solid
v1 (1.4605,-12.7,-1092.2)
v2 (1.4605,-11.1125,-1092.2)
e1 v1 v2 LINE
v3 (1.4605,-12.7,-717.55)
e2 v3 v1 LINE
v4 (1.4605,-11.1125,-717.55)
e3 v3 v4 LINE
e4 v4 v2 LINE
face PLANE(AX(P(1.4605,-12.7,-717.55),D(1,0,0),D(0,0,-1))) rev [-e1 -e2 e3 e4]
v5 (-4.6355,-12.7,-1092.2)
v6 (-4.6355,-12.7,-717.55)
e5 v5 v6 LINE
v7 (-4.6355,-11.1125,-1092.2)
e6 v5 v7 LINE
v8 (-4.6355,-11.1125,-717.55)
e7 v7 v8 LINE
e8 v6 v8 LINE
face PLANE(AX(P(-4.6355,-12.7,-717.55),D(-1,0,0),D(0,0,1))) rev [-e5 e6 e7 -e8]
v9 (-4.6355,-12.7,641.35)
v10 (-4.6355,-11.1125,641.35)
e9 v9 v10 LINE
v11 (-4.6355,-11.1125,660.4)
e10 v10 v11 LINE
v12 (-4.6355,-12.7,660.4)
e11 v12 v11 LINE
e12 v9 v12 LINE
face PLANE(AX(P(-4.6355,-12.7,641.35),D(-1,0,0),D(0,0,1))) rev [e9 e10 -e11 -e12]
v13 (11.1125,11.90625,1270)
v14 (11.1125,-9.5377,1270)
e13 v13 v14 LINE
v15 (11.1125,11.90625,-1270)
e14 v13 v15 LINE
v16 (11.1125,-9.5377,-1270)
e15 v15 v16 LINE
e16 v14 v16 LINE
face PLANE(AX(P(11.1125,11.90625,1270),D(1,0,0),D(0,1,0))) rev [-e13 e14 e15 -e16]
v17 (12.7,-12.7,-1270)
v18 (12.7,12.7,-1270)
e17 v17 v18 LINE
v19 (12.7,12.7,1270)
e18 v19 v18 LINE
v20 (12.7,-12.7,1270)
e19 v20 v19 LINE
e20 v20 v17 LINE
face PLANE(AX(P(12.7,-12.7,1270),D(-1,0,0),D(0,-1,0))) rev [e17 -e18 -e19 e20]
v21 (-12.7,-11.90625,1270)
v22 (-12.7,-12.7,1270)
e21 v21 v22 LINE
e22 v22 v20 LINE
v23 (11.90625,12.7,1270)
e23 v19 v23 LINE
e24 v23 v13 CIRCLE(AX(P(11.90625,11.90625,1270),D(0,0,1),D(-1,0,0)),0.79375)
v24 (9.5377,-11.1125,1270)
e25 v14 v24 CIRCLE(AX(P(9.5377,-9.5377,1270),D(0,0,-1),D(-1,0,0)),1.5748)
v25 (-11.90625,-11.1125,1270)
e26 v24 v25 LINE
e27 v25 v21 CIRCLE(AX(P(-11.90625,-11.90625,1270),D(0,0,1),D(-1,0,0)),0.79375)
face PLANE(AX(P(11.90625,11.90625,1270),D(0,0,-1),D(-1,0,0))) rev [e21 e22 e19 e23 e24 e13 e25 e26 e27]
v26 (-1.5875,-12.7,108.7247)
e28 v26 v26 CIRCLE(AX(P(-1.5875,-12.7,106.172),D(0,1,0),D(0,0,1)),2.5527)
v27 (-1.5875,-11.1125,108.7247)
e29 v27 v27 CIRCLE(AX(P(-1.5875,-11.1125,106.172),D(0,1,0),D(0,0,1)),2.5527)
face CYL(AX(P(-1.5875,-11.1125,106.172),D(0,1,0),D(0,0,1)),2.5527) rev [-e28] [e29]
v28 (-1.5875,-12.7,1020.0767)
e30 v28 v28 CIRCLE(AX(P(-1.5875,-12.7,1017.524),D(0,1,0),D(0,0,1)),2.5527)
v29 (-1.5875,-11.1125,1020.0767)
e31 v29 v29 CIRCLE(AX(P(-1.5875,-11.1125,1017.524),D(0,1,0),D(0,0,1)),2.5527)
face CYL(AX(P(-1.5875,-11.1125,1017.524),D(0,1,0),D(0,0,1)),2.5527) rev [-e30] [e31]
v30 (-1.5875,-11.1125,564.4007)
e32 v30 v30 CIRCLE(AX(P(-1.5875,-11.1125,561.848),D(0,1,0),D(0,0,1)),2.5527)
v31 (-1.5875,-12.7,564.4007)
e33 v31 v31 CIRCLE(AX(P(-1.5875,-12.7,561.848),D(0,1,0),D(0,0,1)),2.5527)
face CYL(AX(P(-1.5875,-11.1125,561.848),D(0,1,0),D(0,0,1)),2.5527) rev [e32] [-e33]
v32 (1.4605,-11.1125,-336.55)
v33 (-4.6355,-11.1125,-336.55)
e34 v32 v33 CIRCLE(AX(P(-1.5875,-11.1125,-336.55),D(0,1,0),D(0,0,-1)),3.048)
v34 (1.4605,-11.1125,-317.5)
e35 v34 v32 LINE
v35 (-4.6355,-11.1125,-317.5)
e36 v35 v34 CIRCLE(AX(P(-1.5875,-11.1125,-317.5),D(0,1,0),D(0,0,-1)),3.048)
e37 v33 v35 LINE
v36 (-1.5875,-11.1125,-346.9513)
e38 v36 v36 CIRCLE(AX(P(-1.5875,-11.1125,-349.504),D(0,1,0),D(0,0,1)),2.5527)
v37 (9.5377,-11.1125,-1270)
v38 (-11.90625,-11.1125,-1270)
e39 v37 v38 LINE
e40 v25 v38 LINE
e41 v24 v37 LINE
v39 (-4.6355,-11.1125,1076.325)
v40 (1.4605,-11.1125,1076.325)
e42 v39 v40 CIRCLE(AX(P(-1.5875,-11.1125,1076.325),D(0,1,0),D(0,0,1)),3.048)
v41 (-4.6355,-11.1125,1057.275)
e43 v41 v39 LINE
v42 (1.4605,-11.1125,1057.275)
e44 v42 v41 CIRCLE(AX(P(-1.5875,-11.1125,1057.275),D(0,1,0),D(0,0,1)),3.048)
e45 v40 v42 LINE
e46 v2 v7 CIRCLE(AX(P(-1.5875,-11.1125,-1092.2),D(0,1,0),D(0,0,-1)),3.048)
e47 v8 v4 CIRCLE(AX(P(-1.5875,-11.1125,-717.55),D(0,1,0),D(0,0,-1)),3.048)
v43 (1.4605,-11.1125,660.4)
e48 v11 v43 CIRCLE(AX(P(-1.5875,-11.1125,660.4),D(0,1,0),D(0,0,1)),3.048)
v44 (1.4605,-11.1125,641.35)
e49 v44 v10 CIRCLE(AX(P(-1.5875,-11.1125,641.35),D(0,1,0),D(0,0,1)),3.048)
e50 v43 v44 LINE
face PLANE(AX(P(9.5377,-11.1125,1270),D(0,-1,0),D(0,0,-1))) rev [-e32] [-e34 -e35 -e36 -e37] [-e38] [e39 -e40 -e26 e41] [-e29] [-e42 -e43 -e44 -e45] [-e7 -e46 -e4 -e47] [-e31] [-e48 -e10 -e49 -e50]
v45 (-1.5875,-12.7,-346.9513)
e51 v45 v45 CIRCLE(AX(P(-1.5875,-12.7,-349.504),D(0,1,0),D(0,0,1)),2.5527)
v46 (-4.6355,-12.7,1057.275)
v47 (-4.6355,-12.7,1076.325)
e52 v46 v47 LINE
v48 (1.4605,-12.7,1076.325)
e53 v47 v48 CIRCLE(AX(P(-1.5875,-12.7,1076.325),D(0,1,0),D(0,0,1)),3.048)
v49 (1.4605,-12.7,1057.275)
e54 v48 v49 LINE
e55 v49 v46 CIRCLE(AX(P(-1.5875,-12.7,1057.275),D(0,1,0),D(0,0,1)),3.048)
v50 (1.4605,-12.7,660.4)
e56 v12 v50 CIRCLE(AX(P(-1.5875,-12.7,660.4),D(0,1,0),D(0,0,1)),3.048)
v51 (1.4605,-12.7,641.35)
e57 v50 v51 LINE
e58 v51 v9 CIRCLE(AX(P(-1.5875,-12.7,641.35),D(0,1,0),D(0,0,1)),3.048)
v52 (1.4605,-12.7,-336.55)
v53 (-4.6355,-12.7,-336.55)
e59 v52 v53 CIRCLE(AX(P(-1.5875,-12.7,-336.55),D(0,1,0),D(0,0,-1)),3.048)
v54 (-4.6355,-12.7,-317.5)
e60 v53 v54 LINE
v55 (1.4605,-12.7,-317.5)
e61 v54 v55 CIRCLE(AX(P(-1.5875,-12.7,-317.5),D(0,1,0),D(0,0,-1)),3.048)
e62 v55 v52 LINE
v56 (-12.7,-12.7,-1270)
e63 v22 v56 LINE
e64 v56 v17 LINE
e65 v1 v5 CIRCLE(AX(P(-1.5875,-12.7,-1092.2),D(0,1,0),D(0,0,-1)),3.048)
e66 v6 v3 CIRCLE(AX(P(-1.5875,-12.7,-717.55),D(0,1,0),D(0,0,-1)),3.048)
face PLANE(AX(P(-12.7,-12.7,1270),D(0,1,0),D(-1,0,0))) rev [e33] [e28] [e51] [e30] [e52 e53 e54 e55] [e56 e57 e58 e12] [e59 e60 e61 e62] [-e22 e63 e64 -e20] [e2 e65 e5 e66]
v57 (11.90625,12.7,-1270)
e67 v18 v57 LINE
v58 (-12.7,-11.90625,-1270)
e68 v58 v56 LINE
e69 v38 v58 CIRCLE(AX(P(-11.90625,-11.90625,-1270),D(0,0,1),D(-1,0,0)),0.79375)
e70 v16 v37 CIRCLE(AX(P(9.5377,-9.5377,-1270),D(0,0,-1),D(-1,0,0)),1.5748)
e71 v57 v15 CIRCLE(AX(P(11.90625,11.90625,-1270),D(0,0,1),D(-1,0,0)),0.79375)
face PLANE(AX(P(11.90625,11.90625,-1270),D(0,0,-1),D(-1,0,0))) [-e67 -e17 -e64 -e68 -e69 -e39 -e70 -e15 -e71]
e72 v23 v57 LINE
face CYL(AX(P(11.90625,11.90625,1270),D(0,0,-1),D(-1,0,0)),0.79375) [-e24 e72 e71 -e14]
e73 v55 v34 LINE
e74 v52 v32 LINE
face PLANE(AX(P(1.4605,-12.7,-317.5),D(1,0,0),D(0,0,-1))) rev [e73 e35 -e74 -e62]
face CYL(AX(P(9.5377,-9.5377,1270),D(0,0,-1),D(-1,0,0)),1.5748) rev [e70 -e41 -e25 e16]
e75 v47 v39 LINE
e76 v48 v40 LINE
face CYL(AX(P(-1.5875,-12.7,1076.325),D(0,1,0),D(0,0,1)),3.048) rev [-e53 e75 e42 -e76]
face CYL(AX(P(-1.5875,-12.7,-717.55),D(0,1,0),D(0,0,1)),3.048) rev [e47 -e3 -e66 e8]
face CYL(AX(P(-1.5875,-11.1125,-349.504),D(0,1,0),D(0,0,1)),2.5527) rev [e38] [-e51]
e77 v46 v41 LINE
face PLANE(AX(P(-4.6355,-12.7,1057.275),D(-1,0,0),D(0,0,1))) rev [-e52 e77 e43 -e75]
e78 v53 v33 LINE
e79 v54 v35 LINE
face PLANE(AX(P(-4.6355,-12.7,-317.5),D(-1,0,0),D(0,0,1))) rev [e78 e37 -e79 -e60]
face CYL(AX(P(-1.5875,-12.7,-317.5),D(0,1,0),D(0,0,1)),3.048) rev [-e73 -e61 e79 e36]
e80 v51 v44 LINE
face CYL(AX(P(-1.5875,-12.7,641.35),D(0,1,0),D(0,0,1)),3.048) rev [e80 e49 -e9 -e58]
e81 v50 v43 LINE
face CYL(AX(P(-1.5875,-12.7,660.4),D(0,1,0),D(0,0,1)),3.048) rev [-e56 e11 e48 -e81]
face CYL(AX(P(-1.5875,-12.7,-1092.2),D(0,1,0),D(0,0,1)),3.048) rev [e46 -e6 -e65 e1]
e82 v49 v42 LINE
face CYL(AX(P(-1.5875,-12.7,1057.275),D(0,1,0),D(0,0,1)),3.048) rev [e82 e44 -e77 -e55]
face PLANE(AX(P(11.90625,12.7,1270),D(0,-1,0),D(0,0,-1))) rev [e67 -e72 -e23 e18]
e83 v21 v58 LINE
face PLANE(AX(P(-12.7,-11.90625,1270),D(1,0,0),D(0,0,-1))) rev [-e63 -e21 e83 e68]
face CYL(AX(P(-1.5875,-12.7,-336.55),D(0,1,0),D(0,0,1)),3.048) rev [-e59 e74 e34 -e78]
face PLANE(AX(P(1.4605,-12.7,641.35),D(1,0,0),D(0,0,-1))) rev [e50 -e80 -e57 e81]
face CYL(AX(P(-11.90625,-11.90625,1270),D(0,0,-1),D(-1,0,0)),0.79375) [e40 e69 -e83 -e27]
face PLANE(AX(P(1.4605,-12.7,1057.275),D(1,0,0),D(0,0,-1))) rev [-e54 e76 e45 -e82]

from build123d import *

# Parameters (mm, degrees)
BOSS_EXTRUDE1_DEPTH     = 1270
F_1_4_20_TAPPED_HOLE1_D = 5.1054
CUT_EXTRUDE1_DEPTH      = 2.5875


with BuildPart() as part:
    # Sketch2 → Boss-Extrude1 (new body, symmetric)
    with BuildSketch(Plane.XY):
        with BuildLine():
            Line((-12.7, -12.7), (12.7, -12.7))
            Line((12.7, -12.7), (12.7, 12.7))
            Line((12.7, 12.7), (11.90625, 12.7))
            ThreePointArc((11.90625, 12.7), (11.344983992, 12.467516008), (11.1125, 11.90625))
            Line((11.1125, 11.90625), (11.1125, -9.5377))
            ThreePointArc((11.1125, -9.5377), (10.651251759, -10.651251759), (9.5377, -11.1125))
            Line((9.5377, -11.1125), (-11.90625, -11.1125))
            ThreePointArc((-11.90625, -11.1125), (-12.467516008, -11.344983992), (-12.7, -11.90625))
            Line((-12.7, -11.90625), (-12.7, -12.7))
        make_face()
    extrude(amount=BOSS_EXTRUDE1_DEPTH, both=True)

    # 1/4-20 Tapped Hole1 (through all)
    with Locations(Plane(origin=(0, -11.1125, 0), x_dir=(1, 0, 0), z_dir=(0, 1, 0))):
        with Locations((-1.5875, -1017.524), (-1.5875, -561.848), (-1.5875, 349.504), (-1.5875, -106.172)):
            Hole(F_1_4_20_TAPPED_HOLE1_D / 2)

    # Sketch5 → Cut-Extrude1 (cut, through all)
    with BuildSketch(Plane(origin=(0, -11.1125, 0), x_dir=(1, 0, 0), z_dir=(0, 1, 0))):
        with BuildLine():
            Line((1.4605, -1057.275), (1.4605, -1076.325))
            ThreePointArc((1.4605, -1076.325), (-1.5875, -1079.373), (-4.6355, -1076.325))
            Line((-4.6355, -1076.325), (-4.6355, -1057.275))
            ThreePointArc((-4.6355, -1057.275), (-1.5875, -1054.227), (1.4605, -1057.275))
        make_face()
        with BuildLine():
            Line((1.4605, -641.35), (1.4605, -660.4))
            ThreePointArc((1.4605, -660.4), (-1.5875, -663.448), (-4.6355, -660.4))
            Line((-4.6355, -660.4), (-4.6355, -641.35))
            ThreePointArc((-4.6355, -641.35), (-1.5875, -638.302), (1.4605, -641.35))
        make_face()
        with BuildLine():
            Line((1.4605, 317.5), (1.4605, 336.55))
            ThreePointArc((1.4605, 336.55), (-1.5875, 339.598), (-4.6355, 336.55))
            Line((-4.6355, 336.55), (-4.6355, 317.5))
            ThreePointArc((-4.6355, 317.5), (-1.5875, 314.452), (1.4605, 317.5))
        make_face()
        with BuildLine():
            Line((1.4605, 717.55), (1.4605, 1092.2))
            ThreePointArc((1.4605, 1092.2), (-1.5875, 1095.248), (-4.6355, 1092.2))
            Line((-4.6355, 1092.2), (-4.6355, 717.55))
            ThreePointArc((-4.6355, 717.55), (-1.5875, 714.502), (1.4605, 717.55))
        make_face()
    extrude(amount=-CUT_EXTRUDE1_DEPTH, mode=Mode.SUBTRACT)


solid = part.part
